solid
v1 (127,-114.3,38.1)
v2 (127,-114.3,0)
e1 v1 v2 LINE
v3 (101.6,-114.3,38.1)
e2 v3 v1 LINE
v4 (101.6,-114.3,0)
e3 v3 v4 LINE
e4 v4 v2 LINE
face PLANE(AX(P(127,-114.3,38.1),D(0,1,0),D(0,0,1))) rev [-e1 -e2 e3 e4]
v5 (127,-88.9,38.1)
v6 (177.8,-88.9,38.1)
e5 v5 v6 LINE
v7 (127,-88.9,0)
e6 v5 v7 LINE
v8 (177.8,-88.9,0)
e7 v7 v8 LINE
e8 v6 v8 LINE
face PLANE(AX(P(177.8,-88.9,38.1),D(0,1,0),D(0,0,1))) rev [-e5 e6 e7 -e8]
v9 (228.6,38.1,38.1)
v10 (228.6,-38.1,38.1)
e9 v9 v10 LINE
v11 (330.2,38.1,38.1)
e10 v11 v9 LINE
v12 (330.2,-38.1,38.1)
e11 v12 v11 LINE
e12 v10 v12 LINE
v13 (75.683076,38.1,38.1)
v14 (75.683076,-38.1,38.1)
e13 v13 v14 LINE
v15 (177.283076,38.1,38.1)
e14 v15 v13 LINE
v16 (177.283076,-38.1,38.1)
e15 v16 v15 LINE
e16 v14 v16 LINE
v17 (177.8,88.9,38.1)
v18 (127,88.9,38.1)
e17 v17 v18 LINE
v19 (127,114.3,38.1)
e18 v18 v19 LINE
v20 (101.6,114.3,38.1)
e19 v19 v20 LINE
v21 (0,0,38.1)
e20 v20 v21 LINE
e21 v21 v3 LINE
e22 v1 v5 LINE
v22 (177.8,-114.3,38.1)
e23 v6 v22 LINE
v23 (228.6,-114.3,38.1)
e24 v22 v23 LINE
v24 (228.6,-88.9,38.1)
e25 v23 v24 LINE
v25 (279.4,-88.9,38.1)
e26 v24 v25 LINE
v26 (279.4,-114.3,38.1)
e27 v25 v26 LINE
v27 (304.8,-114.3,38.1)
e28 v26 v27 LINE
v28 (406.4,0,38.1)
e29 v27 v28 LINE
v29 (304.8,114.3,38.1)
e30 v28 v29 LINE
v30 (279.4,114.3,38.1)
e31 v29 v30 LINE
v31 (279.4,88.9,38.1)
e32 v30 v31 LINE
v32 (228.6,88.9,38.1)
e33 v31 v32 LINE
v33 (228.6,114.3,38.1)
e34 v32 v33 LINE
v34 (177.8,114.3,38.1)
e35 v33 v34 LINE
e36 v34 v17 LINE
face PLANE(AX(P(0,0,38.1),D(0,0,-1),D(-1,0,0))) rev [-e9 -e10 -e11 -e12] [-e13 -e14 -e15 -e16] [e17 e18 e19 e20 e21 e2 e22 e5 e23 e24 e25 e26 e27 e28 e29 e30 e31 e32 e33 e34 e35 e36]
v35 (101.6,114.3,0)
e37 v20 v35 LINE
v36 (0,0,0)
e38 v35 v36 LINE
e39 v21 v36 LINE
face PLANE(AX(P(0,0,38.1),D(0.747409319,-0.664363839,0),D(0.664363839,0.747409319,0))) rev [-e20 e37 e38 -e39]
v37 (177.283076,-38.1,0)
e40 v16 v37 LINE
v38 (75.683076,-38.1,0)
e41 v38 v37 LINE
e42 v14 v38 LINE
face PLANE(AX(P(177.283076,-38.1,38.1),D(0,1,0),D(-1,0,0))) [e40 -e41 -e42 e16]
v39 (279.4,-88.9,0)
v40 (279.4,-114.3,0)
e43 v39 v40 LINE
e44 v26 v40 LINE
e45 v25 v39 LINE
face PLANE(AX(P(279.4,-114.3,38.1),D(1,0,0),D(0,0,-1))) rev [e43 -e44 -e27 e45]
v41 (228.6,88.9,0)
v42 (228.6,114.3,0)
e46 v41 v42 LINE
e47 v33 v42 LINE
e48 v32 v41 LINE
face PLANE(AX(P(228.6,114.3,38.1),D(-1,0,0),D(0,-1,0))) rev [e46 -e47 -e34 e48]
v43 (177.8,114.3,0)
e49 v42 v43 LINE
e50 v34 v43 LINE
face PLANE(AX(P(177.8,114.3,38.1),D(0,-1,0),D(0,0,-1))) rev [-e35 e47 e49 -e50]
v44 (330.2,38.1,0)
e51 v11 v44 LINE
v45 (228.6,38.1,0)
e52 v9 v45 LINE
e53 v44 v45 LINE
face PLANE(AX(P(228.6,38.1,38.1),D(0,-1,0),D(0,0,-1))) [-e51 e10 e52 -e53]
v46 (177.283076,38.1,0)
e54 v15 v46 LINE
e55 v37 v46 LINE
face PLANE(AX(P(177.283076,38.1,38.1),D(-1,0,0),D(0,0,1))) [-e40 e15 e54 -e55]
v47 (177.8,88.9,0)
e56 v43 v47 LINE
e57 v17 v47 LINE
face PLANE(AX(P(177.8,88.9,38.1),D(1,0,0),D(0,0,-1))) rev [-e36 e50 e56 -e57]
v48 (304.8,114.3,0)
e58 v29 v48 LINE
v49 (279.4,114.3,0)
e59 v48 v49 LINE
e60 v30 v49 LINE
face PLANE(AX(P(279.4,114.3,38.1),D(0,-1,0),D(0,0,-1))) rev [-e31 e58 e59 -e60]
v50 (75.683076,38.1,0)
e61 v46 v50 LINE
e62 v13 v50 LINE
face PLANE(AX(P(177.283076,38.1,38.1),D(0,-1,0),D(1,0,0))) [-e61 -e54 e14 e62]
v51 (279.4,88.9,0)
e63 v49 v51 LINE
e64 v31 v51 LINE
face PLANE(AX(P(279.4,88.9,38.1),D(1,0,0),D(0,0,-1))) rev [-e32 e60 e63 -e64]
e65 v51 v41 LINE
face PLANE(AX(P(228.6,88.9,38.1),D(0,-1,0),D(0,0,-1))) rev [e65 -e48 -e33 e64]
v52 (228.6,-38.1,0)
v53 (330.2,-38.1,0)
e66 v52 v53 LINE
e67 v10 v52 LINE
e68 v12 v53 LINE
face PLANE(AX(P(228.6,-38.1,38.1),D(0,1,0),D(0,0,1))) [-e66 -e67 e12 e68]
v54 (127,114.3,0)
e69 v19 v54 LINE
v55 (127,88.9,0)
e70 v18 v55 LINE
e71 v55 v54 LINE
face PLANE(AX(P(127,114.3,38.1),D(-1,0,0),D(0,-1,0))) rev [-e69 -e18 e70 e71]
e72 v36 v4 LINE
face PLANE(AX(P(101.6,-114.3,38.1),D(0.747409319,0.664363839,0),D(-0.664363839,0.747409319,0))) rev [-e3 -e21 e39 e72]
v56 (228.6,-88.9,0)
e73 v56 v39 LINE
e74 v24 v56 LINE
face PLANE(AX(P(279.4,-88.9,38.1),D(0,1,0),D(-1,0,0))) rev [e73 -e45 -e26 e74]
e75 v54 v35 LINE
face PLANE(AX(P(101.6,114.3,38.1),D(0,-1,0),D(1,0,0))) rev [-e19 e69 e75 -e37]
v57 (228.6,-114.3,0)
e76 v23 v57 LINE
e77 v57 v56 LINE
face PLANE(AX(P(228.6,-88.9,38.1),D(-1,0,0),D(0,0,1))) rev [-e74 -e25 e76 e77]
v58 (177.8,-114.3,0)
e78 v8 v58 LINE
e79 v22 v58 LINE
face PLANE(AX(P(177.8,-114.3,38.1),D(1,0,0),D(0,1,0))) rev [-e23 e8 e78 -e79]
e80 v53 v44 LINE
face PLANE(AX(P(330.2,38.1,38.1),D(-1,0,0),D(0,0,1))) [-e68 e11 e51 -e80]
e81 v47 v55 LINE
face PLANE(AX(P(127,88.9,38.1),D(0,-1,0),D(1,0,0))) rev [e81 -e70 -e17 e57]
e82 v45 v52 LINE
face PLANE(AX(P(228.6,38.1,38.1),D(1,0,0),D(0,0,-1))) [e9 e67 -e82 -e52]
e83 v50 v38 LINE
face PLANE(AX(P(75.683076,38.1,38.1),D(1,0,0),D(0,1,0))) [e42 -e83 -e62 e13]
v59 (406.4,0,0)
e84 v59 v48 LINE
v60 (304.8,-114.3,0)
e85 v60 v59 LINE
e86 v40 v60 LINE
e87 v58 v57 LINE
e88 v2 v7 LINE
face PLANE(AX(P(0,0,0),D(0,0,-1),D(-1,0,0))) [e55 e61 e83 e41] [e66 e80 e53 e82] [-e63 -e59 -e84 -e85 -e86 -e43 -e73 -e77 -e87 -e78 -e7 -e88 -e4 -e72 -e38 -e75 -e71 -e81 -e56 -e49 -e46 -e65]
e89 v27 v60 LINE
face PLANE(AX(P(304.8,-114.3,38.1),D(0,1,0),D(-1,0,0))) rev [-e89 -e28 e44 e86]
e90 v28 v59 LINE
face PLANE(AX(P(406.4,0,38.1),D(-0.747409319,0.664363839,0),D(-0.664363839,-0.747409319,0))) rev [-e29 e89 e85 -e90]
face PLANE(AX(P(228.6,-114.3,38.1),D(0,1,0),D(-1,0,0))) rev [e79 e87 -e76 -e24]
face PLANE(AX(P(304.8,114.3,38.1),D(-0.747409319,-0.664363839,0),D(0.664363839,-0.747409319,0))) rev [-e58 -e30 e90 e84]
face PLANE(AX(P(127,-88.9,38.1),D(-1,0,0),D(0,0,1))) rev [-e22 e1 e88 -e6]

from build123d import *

# Parameters (mm, degrees)
SKETCH1_W           = 101.6
SKETCH1_H           = 76.2
BOSS_EXTRUDE1_DEPTH = 38.1


with BuildPart() as part:
    # Sketch1 → Boss-Extrude1 (new body)
    with BuildSketch(Plane.XY):
        Polygon((0, 0), (101.6, 114.3), (127, 114.3), (127, 88.9), (177.8, 88.9), (177.8, 114.3), (228.6, 114.3), (228.6, 88.9), (279.4, 88.9), (279.4, 114.3), (304.8, 114.3), (406.4, 0), (304.8, -114.3), (279.4, -114.3), (279.4, -88.9), (228.6, -88.9), (228.6, -114.3), (177.8, -114.3), (177.8, -88.9), (127, -88.9), (127, -114.3), (101.6, -114.3), align=None)
        with Locations((126.483076325, 0)):
            Rectangle(SKETCH1_W, SKETCH1_H, mode=Mode.SUBTRACT)
        with Locations((279.4, 0)):
            Rectangle(SKETCH1_W, SKETCH1_H, mode=Mode.SUBTRACT)
    extrude(amount=BOSS_EXTRUDE1_DEPTH)


solid = part.part
